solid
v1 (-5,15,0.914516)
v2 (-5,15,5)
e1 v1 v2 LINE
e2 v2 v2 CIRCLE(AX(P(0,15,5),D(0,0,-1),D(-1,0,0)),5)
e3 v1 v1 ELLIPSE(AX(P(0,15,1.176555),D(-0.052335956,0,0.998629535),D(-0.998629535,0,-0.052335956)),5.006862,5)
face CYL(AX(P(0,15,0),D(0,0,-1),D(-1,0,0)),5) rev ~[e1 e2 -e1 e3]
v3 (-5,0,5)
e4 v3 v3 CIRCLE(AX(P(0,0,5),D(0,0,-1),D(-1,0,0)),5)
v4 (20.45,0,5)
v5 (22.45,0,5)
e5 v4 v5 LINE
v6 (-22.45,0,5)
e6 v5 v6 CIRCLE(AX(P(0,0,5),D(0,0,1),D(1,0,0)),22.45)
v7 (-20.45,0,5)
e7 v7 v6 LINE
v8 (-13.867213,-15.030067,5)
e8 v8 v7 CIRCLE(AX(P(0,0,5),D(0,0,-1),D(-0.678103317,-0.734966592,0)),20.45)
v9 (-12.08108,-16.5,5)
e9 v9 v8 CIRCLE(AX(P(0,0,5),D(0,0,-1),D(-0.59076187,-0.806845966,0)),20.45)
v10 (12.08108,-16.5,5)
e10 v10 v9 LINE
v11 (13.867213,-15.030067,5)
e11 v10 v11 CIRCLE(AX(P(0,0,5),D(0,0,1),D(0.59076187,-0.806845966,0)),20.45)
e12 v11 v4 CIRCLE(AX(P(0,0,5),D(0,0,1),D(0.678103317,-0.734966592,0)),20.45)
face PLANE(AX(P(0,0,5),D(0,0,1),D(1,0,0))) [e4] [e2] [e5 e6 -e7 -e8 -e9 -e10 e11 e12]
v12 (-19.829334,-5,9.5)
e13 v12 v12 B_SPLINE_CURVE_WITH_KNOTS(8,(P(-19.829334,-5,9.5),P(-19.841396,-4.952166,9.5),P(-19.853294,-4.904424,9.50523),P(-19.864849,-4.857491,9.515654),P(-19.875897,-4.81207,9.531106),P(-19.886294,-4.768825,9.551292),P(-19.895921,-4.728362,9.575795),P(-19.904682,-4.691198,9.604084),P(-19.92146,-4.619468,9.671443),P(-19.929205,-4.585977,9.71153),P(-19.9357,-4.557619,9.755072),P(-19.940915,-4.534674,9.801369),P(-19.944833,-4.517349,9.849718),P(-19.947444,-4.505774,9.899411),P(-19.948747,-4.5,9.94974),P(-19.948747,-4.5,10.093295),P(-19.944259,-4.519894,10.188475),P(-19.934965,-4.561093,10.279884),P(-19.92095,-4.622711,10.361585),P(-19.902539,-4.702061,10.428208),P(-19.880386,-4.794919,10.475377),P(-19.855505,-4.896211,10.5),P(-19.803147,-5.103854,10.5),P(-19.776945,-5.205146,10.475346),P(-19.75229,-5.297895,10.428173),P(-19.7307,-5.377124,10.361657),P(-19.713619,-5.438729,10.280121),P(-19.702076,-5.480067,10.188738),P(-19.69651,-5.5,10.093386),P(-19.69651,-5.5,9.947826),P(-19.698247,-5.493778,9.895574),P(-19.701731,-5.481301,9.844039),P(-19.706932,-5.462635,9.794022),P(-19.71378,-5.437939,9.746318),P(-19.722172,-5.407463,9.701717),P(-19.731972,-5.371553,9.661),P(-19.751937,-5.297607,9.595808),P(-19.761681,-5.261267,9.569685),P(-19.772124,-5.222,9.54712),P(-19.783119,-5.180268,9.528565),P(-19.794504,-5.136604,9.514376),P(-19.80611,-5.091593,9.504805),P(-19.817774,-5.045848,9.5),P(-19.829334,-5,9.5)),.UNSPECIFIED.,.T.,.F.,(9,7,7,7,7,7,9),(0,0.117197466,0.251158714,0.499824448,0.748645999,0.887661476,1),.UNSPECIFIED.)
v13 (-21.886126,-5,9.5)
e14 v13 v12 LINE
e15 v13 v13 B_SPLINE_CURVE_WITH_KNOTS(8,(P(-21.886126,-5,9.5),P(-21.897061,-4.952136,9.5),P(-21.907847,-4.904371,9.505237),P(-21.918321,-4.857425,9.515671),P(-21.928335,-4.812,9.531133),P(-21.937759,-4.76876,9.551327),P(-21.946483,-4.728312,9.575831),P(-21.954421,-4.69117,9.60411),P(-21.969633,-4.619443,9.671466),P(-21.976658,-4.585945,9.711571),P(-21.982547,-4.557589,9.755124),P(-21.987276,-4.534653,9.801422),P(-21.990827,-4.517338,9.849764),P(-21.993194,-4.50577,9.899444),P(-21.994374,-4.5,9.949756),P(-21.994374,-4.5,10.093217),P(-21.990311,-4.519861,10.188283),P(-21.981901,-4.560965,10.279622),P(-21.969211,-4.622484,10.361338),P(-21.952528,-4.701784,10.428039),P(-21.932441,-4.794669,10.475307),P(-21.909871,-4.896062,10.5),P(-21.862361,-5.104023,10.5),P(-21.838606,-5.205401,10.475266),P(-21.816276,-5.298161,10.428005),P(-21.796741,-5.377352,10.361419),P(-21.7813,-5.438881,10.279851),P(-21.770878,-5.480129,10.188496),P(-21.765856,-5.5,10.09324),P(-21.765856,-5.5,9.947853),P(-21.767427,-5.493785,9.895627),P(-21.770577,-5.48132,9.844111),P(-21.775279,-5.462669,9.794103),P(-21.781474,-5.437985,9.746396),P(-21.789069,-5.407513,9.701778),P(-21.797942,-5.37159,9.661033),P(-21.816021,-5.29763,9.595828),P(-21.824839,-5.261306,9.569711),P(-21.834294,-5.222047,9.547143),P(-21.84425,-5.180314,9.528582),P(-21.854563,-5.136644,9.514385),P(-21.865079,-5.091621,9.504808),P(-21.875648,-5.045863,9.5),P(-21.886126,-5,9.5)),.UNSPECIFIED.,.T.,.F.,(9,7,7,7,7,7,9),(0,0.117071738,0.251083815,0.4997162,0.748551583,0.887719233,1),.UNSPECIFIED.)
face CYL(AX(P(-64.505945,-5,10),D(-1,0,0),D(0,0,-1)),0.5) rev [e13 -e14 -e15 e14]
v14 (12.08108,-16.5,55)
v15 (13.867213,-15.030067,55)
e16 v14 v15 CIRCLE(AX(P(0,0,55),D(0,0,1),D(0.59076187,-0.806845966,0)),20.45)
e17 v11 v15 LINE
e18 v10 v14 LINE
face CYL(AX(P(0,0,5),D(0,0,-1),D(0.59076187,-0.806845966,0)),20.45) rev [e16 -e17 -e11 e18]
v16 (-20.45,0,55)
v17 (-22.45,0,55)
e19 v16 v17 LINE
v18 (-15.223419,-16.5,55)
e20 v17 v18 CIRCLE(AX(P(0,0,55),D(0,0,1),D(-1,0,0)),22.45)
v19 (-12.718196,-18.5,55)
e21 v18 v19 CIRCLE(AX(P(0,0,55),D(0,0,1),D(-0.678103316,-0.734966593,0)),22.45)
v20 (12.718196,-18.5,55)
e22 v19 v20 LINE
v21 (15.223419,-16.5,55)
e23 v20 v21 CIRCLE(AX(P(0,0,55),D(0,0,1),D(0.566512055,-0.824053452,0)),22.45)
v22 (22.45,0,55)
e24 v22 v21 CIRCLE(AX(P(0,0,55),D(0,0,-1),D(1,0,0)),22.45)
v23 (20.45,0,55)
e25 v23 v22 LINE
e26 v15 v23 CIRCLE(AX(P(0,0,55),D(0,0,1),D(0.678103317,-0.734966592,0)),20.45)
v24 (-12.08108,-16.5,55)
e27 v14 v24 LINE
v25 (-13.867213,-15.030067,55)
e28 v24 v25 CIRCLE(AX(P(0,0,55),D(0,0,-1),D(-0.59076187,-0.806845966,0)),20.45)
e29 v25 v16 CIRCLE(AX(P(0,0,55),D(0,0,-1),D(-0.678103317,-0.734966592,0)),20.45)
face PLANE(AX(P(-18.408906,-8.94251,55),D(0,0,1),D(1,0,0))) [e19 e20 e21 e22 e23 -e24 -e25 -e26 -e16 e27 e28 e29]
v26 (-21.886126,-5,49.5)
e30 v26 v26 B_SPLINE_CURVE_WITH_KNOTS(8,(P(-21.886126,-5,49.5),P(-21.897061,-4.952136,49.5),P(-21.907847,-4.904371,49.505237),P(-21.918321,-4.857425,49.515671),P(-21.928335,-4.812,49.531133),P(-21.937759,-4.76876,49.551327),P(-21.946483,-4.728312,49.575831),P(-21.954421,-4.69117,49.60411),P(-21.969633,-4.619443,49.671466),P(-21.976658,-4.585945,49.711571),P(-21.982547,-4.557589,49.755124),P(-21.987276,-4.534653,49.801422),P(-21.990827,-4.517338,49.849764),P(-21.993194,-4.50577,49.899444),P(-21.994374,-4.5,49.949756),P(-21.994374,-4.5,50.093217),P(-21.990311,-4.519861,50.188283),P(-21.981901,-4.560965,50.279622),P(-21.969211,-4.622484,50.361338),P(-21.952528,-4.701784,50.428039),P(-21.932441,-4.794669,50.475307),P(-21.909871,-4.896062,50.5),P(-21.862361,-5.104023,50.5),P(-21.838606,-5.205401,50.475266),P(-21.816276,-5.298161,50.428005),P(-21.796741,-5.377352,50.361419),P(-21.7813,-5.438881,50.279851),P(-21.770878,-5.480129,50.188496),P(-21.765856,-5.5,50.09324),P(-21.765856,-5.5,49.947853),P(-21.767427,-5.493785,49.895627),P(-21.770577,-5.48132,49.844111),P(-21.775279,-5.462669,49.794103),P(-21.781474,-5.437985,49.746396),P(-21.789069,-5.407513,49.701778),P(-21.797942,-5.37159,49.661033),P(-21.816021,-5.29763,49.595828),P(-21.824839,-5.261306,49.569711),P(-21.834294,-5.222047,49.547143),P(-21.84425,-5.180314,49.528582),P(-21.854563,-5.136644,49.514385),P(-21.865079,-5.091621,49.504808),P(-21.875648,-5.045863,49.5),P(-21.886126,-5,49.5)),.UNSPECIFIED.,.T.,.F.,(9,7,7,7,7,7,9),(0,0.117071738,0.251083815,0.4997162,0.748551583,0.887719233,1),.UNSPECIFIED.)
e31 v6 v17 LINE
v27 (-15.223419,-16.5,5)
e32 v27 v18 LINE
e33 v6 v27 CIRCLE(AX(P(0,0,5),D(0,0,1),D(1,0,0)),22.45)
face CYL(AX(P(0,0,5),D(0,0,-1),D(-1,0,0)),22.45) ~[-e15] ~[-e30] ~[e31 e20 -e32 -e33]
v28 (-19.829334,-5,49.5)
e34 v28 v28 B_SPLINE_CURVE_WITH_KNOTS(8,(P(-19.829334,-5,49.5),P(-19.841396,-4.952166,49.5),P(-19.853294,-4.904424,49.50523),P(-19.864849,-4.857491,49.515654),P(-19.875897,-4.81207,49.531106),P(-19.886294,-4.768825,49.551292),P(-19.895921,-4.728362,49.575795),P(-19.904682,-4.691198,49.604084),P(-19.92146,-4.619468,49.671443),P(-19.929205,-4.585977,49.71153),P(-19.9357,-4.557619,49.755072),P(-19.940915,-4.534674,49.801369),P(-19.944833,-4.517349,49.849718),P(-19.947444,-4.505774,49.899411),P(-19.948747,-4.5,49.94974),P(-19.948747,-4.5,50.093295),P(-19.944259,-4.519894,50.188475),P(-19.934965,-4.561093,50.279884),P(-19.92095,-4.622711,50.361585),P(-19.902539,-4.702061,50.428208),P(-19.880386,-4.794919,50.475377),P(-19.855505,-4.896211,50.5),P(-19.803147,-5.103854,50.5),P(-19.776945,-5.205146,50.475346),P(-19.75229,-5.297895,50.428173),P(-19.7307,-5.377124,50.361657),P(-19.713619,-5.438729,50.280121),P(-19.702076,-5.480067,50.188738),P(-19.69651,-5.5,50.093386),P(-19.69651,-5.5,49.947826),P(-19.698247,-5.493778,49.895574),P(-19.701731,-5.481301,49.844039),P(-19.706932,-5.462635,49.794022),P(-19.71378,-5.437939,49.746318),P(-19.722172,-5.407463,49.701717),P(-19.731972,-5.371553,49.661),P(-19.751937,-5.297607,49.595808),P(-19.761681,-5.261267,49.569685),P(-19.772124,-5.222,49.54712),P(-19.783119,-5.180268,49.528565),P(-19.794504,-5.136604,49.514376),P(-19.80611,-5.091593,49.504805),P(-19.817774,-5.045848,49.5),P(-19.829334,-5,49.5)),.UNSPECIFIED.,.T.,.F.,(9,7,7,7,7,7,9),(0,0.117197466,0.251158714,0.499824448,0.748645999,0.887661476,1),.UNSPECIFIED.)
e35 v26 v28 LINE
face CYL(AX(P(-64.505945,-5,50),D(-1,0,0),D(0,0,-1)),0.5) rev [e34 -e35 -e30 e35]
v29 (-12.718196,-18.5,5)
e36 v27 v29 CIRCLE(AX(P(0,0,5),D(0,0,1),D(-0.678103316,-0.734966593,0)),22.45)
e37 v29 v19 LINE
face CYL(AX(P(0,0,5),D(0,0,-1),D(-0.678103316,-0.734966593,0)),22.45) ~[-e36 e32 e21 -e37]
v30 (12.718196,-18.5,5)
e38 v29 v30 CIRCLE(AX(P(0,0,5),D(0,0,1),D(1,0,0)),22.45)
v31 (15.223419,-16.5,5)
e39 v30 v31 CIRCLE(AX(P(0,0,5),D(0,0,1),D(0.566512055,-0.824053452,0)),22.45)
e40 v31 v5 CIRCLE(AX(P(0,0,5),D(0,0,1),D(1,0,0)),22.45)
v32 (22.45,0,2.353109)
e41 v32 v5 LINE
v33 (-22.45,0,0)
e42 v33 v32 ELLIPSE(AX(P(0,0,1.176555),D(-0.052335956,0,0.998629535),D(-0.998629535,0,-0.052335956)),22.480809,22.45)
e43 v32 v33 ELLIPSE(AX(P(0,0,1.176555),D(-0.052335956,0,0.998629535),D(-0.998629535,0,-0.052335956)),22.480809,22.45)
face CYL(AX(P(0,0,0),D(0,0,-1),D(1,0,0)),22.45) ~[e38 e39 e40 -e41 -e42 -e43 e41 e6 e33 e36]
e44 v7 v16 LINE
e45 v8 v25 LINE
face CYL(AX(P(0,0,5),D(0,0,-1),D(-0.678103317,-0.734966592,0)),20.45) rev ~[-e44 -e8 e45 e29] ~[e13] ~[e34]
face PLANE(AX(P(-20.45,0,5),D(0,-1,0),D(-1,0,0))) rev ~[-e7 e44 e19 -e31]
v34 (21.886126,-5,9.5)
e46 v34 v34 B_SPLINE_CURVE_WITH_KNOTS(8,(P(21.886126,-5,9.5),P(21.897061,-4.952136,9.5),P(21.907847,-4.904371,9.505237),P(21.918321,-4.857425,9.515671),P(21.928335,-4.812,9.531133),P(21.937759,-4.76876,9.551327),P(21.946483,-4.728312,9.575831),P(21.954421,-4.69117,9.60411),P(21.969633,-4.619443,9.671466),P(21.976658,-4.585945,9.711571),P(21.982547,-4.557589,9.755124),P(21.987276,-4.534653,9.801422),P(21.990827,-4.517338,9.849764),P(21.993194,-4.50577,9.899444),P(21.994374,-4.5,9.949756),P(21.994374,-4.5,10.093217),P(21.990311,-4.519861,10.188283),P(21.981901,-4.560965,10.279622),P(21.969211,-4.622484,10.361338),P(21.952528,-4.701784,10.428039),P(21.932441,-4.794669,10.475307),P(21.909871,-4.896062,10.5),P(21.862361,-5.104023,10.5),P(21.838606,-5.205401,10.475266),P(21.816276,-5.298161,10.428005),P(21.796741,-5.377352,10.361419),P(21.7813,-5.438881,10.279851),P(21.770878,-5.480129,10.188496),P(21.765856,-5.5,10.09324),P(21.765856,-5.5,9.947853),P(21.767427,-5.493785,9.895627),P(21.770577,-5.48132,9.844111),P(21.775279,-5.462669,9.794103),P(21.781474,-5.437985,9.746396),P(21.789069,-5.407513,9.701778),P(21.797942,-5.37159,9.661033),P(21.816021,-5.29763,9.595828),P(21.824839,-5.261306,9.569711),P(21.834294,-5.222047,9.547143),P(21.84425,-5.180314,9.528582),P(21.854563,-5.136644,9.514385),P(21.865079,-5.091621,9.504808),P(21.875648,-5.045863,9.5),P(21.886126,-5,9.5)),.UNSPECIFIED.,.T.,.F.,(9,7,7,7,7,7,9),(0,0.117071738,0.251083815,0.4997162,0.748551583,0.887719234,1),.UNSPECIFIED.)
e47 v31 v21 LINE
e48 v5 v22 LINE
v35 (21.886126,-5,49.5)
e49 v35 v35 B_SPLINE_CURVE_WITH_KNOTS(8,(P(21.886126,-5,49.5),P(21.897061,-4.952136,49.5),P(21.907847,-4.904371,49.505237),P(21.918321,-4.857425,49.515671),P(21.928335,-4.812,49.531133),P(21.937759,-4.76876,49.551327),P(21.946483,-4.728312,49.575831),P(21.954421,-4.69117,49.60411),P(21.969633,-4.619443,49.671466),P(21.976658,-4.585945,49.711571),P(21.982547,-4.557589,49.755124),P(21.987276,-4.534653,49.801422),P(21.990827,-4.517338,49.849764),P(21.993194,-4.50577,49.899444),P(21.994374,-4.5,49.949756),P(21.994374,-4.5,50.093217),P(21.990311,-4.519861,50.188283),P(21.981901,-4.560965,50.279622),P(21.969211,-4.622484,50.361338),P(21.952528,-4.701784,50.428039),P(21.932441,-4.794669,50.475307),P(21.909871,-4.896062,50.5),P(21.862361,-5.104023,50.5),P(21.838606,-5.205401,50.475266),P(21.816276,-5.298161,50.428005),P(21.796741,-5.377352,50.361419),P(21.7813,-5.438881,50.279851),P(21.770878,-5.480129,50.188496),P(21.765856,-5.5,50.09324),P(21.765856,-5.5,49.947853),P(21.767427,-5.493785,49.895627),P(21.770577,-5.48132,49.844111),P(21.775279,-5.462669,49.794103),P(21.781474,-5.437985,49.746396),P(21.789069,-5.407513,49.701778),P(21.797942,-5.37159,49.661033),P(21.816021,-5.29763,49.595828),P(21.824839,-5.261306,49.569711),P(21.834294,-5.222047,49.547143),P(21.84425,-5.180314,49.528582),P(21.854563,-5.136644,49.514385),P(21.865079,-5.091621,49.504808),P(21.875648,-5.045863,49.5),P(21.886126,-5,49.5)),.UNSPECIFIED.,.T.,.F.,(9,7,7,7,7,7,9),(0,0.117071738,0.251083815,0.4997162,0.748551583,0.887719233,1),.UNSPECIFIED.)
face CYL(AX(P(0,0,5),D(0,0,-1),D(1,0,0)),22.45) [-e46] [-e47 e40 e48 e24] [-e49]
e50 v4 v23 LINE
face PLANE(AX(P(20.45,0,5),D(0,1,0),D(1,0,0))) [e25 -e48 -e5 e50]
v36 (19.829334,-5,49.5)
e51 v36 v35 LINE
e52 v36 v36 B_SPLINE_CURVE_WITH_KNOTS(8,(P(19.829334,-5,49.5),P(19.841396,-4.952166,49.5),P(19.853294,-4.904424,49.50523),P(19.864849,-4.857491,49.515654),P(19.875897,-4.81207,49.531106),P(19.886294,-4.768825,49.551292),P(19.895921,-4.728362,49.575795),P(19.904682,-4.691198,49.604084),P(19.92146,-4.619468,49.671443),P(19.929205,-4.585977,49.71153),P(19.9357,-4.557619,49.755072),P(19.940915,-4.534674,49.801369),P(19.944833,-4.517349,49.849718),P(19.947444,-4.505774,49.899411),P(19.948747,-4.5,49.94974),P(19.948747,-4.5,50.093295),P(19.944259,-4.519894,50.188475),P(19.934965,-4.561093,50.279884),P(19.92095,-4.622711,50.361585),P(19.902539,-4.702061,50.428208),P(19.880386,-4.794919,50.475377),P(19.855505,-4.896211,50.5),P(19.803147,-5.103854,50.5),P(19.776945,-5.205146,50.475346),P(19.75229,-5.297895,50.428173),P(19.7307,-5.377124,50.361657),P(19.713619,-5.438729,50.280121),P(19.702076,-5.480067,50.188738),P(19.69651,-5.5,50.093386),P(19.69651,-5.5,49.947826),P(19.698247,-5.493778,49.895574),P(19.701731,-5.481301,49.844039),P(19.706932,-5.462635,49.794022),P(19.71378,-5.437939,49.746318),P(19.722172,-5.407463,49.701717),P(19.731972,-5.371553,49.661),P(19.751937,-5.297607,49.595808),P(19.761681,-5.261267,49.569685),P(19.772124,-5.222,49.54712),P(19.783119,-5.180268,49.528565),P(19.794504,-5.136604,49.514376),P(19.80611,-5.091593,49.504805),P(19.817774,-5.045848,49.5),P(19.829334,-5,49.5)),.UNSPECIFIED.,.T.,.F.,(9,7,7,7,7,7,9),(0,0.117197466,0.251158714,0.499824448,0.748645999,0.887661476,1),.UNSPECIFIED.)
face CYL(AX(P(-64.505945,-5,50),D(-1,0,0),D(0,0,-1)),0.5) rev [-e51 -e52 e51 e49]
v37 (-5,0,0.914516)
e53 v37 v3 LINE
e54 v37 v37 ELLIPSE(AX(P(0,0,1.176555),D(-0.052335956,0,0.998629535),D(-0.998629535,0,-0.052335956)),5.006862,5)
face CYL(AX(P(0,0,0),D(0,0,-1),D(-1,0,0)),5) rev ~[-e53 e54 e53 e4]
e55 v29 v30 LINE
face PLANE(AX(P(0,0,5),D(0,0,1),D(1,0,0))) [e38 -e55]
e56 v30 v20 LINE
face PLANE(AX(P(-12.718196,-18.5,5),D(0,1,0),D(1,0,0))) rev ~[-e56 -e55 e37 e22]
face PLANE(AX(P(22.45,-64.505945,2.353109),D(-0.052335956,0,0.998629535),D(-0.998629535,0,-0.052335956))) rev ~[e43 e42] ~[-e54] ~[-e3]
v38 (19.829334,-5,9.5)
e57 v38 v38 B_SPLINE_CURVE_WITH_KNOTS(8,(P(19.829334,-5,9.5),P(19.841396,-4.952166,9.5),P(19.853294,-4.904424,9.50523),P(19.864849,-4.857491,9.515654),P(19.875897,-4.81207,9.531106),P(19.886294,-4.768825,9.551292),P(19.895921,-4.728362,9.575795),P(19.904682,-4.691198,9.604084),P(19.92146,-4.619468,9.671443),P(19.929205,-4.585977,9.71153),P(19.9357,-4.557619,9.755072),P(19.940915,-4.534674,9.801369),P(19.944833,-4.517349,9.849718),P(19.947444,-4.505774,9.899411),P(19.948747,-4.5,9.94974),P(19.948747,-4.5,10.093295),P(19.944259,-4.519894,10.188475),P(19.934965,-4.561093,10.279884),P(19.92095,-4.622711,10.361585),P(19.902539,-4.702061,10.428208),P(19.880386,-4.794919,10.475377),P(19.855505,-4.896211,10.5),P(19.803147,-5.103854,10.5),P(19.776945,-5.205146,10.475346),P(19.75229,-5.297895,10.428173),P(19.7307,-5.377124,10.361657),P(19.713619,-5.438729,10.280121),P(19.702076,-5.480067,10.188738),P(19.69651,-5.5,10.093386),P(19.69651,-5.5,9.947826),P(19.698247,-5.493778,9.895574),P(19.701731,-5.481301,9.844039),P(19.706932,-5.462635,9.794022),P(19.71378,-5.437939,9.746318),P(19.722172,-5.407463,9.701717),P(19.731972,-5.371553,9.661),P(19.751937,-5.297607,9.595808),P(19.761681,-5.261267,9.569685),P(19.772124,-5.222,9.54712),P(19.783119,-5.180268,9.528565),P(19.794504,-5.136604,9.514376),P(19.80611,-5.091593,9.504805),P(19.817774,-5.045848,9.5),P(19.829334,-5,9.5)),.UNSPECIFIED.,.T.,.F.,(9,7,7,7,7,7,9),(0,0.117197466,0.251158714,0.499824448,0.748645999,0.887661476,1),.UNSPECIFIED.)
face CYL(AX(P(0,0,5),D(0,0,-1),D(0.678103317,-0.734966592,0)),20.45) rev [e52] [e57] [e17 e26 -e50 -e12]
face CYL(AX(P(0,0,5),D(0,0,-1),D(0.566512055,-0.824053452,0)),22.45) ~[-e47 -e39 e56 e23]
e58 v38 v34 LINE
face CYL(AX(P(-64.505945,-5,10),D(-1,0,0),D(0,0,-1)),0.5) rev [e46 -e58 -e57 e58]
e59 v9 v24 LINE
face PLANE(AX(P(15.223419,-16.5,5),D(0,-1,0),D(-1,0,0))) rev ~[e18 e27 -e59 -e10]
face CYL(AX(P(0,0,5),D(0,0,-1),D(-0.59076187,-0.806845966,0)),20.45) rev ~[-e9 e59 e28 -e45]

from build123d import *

# Parameters (mm, degrees)
SKETCH1_R               = 22.45
BOSS_EXTRUDE1_DEPTH     = 5
SKETCH2_R               = 5
CUT_EXTRUDE1_DEPTH      = 5
BOSS_EXTRUDE2_DEPTH     = 50
BOSS_EXTRUDE5_DEPTH     = 50
CUT_EXTRUDE3_DEPTH      = 64.505944604
CUT_EXTRUDE3_DEPTH_BACK = 64.505944604
CUT_EXTRUDE4_DEPTH      = 64.505944604
CUT_EXTRUDE4_DEPTH_BACK = 64.505944604
SKETCH7_R               = 0.5


with BuildPart() as part:
    # Sketch1 → Boss-Extrude1 (new body)
    with BuildSketch(Plane.XY):
        Circle(SKETCH1_R)
    extrude(amount=BOSS_EXTRUDE1_DEPTH)

    # Sketch2 → Cut-Extrude1 (cut)
    with BuildSketch(Plane(origin=(0, 0, 0), x_dir=(-1, 0, 0), z_dir=(0, 0, -1))):
        Circle(SKETCH2_R)
        with Locations((0, 15)):
            Circle(SKETCH2_R)
    extrude(amount=-CUT_EXTRUDE1_DEPTH, mode=Mode.SUBTRACT)

    # Sketch3 → Boss-Extrude2 (add)
    with BuildSketch(Plane.XY.offset(5)):
        with BuildLine():
            Line((-12.718195627, -18.5), (12.718195627, -18.5))
            ThreePointArc((12.718195627, -18.5), (14.006550731, -17.544772344), (15.223419458, -16.5))
            Line((15.223419458, -16.5), (-15.223419458, -16.5))
            ThreePointArc((-15.223419458, -16.5), (-14.006550731, -17.544772344), (-12.718195627, -18.5))
        make_face()
    extrude(amount=BOSS_EXTRUDE2_DEPTH)

    # Sketch5 → Boss-Extrude5 (add)
    with BuildSketch(Plane.XY.offset(5)):
        with BuildLine():
            Line((-15.223419458, -16.5), (-12.08108025, -16.5))
            ThreePointArc((-12.08108025, -16.5), (-12.994947259, -15.790308602), (-13.867212825, -15.030066815))
            ThreePointArc((-13.867212825, -15.030066815), (-18.732151535, -8.204206169), (-20.45, 0))
            Line((-20.45, 0), (-22.45, 0))
            ThreePointArc((-22.45, 0), (-20.564146795, -9.006573521), (-15.223419458, -16.5))
        make_face()
        with BuildLine():
            Line((20.45, 0), (22.45, 0))
            ThreePointArc((22.45, 0), (20.564146795, -9.006573521), (15.223419458, -16.5))
            Line((15.223419458, -16.5), (12.08108025, -16.5))
            ThreePointArc((12.08108025, -16.5), (12.994947259, -15.790308602), (13.867212825, -15.030066815))
            ThreePointArc((13.867212825, -15.030066815), (18.732151535, -8.204206169), (20.45, 0))
        make_face()
    extrude(amount=BOSS_EXTRUDE5_DEPTH)

    # Sketch6 → Cut-Extrude3 (cut, two sides: drawn at the far end of the back side and taken through both)
    with BuildSketch(Plane(origin=(0, 0, 0), x_dir=(1, 0, 0), z_dir=(0, 1, 0)).offset(-CUT_EXTRUDE3_DEPTH_BACK)):
        Polygon((-22.45, 0), (22.45, 0), (22.45, -2.35310929), align=None)
    extrude(amount=CUT_EXTRUDE3_DEPTH + CUT_EXTRUDE3_DEPTH_BACK, mode=Mode.SUBTRACT)

    # Sketch7 → Cut-Extrude4 (cut, two sides: drawn at the far end of the back side and taken through both)
    with BuildSketch(Plane(origin=(0, 0, 0), x_dir=(0, 0, -1), z_dir=(1, 0, 0)).offset(-CUT_EXTRUDE4_DEPTH_BACK)):
        with Locations((-50, -5)):
            Circle(SKETCH7_R)
        with Locations((-10, -5)):
            Circle(SKETCH7_R)
    extrude(amount=CUT_EXTRUDE4_DEPTH + CUT_EXTRUDE4_DEPTH_BACK, mode=Mode.SUBTRACT)


solid = part.part
